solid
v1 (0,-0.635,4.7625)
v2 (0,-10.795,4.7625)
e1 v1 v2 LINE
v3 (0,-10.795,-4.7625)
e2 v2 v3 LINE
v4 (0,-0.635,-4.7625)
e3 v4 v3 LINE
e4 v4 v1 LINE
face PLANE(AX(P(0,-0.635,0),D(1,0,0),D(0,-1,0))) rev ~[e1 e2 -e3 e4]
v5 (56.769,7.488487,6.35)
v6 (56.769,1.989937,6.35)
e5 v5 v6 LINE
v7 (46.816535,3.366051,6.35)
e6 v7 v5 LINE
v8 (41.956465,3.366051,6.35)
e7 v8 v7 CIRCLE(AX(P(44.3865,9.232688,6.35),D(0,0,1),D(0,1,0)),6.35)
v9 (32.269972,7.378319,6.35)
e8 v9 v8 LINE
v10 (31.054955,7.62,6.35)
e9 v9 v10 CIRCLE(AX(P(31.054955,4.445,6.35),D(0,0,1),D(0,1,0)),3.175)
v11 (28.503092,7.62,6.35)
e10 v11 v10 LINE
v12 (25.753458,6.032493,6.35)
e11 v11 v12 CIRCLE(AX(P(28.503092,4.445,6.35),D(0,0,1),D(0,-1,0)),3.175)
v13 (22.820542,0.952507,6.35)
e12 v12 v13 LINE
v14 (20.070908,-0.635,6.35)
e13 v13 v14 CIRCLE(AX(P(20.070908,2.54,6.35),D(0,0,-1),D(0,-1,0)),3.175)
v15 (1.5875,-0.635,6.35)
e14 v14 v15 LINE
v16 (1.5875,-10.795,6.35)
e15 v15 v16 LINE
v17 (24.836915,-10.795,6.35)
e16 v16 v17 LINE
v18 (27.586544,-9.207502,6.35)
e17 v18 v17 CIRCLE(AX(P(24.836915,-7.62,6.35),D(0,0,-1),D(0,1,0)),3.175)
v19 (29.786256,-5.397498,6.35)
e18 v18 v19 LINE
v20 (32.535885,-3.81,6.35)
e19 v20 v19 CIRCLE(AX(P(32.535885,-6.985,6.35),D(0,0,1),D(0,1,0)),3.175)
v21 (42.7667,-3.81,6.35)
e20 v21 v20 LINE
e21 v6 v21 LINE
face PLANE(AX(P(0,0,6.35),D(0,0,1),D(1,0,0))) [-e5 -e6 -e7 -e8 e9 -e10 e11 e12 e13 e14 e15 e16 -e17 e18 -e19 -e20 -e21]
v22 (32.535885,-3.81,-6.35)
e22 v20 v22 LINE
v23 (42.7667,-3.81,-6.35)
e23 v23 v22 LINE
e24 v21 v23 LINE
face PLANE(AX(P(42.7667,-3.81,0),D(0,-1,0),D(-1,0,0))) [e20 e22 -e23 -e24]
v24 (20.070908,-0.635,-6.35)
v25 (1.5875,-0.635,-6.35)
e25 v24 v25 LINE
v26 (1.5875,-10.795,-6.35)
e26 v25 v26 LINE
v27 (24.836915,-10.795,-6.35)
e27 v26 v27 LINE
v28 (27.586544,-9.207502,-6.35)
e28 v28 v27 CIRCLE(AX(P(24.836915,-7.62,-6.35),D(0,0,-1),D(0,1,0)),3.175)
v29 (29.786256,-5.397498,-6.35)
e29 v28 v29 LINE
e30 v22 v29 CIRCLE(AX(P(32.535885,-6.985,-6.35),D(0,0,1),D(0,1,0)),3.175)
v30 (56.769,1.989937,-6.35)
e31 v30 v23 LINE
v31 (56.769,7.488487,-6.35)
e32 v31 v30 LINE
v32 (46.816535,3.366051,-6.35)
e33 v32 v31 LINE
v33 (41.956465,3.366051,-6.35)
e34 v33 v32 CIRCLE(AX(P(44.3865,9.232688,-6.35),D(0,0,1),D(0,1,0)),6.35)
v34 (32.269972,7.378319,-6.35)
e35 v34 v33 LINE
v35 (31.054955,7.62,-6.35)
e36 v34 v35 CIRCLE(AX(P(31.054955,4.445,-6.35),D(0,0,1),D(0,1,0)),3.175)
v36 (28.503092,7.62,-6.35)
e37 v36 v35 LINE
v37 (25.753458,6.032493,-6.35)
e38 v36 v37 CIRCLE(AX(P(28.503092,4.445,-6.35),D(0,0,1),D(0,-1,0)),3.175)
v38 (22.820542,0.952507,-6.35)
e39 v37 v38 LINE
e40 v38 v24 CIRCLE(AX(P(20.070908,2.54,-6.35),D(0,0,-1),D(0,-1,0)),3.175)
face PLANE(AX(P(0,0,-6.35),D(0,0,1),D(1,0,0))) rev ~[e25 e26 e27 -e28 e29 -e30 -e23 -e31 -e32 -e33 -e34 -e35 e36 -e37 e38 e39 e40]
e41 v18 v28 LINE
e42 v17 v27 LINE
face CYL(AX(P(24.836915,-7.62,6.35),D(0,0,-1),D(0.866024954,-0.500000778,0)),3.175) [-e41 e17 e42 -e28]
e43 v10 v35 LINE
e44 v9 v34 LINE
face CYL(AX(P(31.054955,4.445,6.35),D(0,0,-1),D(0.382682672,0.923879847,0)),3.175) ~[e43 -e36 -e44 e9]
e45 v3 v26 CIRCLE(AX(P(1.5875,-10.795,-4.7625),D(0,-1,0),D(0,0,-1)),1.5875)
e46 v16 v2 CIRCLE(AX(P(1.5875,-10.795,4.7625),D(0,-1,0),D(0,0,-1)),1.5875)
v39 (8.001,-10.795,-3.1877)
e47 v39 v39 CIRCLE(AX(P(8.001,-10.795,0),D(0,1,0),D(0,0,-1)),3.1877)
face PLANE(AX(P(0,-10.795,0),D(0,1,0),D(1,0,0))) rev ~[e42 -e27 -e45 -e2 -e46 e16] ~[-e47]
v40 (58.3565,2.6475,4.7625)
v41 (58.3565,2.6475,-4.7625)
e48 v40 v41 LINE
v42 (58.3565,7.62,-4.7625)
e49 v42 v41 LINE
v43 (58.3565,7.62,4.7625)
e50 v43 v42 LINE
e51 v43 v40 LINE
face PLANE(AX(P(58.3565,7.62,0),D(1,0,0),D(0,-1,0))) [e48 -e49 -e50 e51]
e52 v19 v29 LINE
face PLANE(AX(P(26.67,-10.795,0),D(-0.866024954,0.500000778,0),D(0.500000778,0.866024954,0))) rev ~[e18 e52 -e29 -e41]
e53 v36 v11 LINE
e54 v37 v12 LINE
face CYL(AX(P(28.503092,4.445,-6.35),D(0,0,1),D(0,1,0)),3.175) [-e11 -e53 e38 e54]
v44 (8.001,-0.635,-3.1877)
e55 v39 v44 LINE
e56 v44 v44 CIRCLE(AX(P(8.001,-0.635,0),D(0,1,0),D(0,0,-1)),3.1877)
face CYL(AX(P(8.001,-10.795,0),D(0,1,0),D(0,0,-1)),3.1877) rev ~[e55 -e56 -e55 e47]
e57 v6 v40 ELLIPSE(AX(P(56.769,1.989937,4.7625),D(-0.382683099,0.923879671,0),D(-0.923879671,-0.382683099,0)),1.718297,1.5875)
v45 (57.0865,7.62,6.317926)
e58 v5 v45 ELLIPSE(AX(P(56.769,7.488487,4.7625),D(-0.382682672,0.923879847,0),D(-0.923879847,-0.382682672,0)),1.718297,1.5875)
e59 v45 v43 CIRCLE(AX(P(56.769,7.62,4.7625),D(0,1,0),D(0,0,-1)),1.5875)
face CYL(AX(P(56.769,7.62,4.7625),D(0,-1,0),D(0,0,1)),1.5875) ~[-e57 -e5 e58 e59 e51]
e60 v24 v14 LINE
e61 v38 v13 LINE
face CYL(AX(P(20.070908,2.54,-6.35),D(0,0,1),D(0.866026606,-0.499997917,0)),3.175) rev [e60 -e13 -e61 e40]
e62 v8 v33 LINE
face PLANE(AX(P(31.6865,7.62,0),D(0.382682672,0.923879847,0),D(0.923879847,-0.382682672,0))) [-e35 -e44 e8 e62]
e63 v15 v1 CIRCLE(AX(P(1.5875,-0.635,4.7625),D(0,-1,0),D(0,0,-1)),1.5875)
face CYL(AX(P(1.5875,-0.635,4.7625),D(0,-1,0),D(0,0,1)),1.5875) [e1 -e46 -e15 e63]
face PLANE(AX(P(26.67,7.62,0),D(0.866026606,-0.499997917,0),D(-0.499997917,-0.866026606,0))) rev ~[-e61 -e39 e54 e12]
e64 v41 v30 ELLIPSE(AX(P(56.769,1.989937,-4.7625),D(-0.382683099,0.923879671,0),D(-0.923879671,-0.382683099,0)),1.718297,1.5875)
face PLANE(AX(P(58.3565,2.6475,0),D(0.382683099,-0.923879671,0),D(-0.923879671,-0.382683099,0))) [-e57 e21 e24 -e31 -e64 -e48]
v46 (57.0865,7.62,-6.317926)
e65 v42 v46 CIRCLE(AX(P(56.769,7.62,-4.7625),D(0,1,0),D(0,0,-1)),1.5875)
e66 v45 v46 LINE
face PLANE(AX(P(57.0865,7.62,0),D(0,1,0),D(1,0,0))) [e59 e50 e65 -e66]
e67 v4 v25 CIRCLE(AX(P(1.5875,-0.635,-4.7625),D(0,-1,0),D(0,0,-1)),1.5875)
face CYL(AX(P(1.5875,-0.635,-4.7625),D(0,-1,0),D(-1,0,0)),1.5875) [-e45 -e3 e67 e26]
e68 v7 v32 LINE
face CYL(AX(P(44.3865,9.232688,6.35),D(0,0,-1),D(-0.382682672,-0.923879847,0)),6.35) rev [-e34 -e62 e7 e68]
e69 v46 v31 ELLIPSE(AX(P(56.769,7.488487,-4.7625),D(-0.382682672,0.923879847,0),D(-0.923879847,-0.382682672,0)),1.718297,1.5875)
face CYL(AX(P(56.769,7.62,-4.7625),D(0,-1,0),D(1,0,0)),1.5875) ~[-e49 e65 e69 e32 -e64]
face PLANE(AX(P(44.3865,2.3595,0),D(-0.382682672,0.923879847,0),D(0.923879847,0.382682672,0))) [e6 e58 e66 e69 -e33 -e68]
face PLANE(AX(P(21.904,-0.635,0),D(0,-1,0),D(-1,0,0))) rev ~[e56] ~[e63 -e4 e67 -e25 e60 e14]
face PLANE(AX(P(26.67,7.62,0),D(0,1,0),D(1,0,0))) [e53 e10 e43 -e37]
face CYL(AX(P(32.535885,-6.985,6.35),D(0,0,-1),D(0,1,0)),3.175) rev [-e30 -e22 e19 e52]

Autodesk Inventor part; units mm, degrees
ref_plane "YZ Plane" through (0, 0, 0) normal (1, 0, 0) x (0, 1, 0)
ref_plane "XZ Plane" through (0, 0, 0) normal (0, 1, 0) x (-1, 0, 0)
ref_plane "XY Plane" through (0, 0, 0) normal (0, 0, 1) x (1, 0, 0)
sketch "Sketch1" plane through (0, 0, 0) normal (0, 0, 1) x (1, 0, 0)
  line L0 (26.67, 7.62) -> (31.6865, 7.62)
  line L1 (31.6865, 7.62) -> (44.3865, 2.3595)
  line L2 (44.3865, 2.3595) -> (57.0865, 7.62)
  line L3 (42.7667, -3.81) -> (30.7028, -3.81)
  line L4 (57.0865, 7.62) -> (58.3565, 7.62)
  line L5 (58.3565, 7.62) -> (58.3565, 2.6475)
  line L6 (21.904, -0.635) -> (0, -0.635)
  line L7 (0, -0.635) -> (0, -10.795)
  line L8 (0, -10.795) -> (26.67, -10.795)
  line L9 (58.3565, 2.6475) -> (42.7667, -3.81)
  line L10 (26.67, 7.62) -> (21.904, -0.635)
  line L11 (26.67, -10.795) -> (30.7028, -3.81)
  point P0 (0, 0)
  dimension "d1" = 12.7
  dimension "d2" = 12.7
  dimension "d3" = 135
  dimension "d4" = 1.27
  dimension "d21" = 6.1695
  dimension "d22" = 11.43
  dimension "d45" = 5.08
  dimension "d48" = 7.62
  dimension "d49" = 0.635
  dimension "d50" = 10.16
  dimension "d56" = 26.67
  dimension "d57" = 120
  dimension "d58" = 120
extrude "Extrusion1" add sketch "Sketch1" along normal mid plane 12.7
sketch "Sketch3" plane through (0, -10.795, 6.35) normal (0, -1, 0) x (1, 0, 0)
  line L0 (44.3865, -12.7) -> (44.3865, 0) projected
  line L1 (26.67, 0) -> (0, 0) projected
  point P0 (0, -6.35)
  point P1 (8.001, -6.35)
  point P2 (0, -12.7)
  dimension "d26" = 36.3855
  dimension "d52" = 12.7
  dimension "d53" = 6.35
hole "Hole2" at (8.001, -10.795, 0) direction (0, 1, 0) diameter 6.3754 end through all
fillet "Fillet3" radius 6.35 1 edges at (44.3865, 2.3595, 0)
chamfer "Chamfer2" [suppressed]
fillet "Fillet5" [suppressed]
fillet "Fillet1" radius 1.5875 4 edges at (58.3565, 5.1337, 6.35) (58.3565, 5.1337, -6.35) (0, -5.715, -6.35) (0, -5.715, 6.35)
fillet "Fillet6" radius 3.175 5 edges at (21.904, -0.635, 0) (26.67, 7.62, 0) (31.6865, 7.62, 0) (26.67, -10.795, 0) (30.7028, -3.81, 0)
equation "\"d53\" = 0.5 * d52"
properties part number "J002865" material "ALUMINUM, 6061-T651"
